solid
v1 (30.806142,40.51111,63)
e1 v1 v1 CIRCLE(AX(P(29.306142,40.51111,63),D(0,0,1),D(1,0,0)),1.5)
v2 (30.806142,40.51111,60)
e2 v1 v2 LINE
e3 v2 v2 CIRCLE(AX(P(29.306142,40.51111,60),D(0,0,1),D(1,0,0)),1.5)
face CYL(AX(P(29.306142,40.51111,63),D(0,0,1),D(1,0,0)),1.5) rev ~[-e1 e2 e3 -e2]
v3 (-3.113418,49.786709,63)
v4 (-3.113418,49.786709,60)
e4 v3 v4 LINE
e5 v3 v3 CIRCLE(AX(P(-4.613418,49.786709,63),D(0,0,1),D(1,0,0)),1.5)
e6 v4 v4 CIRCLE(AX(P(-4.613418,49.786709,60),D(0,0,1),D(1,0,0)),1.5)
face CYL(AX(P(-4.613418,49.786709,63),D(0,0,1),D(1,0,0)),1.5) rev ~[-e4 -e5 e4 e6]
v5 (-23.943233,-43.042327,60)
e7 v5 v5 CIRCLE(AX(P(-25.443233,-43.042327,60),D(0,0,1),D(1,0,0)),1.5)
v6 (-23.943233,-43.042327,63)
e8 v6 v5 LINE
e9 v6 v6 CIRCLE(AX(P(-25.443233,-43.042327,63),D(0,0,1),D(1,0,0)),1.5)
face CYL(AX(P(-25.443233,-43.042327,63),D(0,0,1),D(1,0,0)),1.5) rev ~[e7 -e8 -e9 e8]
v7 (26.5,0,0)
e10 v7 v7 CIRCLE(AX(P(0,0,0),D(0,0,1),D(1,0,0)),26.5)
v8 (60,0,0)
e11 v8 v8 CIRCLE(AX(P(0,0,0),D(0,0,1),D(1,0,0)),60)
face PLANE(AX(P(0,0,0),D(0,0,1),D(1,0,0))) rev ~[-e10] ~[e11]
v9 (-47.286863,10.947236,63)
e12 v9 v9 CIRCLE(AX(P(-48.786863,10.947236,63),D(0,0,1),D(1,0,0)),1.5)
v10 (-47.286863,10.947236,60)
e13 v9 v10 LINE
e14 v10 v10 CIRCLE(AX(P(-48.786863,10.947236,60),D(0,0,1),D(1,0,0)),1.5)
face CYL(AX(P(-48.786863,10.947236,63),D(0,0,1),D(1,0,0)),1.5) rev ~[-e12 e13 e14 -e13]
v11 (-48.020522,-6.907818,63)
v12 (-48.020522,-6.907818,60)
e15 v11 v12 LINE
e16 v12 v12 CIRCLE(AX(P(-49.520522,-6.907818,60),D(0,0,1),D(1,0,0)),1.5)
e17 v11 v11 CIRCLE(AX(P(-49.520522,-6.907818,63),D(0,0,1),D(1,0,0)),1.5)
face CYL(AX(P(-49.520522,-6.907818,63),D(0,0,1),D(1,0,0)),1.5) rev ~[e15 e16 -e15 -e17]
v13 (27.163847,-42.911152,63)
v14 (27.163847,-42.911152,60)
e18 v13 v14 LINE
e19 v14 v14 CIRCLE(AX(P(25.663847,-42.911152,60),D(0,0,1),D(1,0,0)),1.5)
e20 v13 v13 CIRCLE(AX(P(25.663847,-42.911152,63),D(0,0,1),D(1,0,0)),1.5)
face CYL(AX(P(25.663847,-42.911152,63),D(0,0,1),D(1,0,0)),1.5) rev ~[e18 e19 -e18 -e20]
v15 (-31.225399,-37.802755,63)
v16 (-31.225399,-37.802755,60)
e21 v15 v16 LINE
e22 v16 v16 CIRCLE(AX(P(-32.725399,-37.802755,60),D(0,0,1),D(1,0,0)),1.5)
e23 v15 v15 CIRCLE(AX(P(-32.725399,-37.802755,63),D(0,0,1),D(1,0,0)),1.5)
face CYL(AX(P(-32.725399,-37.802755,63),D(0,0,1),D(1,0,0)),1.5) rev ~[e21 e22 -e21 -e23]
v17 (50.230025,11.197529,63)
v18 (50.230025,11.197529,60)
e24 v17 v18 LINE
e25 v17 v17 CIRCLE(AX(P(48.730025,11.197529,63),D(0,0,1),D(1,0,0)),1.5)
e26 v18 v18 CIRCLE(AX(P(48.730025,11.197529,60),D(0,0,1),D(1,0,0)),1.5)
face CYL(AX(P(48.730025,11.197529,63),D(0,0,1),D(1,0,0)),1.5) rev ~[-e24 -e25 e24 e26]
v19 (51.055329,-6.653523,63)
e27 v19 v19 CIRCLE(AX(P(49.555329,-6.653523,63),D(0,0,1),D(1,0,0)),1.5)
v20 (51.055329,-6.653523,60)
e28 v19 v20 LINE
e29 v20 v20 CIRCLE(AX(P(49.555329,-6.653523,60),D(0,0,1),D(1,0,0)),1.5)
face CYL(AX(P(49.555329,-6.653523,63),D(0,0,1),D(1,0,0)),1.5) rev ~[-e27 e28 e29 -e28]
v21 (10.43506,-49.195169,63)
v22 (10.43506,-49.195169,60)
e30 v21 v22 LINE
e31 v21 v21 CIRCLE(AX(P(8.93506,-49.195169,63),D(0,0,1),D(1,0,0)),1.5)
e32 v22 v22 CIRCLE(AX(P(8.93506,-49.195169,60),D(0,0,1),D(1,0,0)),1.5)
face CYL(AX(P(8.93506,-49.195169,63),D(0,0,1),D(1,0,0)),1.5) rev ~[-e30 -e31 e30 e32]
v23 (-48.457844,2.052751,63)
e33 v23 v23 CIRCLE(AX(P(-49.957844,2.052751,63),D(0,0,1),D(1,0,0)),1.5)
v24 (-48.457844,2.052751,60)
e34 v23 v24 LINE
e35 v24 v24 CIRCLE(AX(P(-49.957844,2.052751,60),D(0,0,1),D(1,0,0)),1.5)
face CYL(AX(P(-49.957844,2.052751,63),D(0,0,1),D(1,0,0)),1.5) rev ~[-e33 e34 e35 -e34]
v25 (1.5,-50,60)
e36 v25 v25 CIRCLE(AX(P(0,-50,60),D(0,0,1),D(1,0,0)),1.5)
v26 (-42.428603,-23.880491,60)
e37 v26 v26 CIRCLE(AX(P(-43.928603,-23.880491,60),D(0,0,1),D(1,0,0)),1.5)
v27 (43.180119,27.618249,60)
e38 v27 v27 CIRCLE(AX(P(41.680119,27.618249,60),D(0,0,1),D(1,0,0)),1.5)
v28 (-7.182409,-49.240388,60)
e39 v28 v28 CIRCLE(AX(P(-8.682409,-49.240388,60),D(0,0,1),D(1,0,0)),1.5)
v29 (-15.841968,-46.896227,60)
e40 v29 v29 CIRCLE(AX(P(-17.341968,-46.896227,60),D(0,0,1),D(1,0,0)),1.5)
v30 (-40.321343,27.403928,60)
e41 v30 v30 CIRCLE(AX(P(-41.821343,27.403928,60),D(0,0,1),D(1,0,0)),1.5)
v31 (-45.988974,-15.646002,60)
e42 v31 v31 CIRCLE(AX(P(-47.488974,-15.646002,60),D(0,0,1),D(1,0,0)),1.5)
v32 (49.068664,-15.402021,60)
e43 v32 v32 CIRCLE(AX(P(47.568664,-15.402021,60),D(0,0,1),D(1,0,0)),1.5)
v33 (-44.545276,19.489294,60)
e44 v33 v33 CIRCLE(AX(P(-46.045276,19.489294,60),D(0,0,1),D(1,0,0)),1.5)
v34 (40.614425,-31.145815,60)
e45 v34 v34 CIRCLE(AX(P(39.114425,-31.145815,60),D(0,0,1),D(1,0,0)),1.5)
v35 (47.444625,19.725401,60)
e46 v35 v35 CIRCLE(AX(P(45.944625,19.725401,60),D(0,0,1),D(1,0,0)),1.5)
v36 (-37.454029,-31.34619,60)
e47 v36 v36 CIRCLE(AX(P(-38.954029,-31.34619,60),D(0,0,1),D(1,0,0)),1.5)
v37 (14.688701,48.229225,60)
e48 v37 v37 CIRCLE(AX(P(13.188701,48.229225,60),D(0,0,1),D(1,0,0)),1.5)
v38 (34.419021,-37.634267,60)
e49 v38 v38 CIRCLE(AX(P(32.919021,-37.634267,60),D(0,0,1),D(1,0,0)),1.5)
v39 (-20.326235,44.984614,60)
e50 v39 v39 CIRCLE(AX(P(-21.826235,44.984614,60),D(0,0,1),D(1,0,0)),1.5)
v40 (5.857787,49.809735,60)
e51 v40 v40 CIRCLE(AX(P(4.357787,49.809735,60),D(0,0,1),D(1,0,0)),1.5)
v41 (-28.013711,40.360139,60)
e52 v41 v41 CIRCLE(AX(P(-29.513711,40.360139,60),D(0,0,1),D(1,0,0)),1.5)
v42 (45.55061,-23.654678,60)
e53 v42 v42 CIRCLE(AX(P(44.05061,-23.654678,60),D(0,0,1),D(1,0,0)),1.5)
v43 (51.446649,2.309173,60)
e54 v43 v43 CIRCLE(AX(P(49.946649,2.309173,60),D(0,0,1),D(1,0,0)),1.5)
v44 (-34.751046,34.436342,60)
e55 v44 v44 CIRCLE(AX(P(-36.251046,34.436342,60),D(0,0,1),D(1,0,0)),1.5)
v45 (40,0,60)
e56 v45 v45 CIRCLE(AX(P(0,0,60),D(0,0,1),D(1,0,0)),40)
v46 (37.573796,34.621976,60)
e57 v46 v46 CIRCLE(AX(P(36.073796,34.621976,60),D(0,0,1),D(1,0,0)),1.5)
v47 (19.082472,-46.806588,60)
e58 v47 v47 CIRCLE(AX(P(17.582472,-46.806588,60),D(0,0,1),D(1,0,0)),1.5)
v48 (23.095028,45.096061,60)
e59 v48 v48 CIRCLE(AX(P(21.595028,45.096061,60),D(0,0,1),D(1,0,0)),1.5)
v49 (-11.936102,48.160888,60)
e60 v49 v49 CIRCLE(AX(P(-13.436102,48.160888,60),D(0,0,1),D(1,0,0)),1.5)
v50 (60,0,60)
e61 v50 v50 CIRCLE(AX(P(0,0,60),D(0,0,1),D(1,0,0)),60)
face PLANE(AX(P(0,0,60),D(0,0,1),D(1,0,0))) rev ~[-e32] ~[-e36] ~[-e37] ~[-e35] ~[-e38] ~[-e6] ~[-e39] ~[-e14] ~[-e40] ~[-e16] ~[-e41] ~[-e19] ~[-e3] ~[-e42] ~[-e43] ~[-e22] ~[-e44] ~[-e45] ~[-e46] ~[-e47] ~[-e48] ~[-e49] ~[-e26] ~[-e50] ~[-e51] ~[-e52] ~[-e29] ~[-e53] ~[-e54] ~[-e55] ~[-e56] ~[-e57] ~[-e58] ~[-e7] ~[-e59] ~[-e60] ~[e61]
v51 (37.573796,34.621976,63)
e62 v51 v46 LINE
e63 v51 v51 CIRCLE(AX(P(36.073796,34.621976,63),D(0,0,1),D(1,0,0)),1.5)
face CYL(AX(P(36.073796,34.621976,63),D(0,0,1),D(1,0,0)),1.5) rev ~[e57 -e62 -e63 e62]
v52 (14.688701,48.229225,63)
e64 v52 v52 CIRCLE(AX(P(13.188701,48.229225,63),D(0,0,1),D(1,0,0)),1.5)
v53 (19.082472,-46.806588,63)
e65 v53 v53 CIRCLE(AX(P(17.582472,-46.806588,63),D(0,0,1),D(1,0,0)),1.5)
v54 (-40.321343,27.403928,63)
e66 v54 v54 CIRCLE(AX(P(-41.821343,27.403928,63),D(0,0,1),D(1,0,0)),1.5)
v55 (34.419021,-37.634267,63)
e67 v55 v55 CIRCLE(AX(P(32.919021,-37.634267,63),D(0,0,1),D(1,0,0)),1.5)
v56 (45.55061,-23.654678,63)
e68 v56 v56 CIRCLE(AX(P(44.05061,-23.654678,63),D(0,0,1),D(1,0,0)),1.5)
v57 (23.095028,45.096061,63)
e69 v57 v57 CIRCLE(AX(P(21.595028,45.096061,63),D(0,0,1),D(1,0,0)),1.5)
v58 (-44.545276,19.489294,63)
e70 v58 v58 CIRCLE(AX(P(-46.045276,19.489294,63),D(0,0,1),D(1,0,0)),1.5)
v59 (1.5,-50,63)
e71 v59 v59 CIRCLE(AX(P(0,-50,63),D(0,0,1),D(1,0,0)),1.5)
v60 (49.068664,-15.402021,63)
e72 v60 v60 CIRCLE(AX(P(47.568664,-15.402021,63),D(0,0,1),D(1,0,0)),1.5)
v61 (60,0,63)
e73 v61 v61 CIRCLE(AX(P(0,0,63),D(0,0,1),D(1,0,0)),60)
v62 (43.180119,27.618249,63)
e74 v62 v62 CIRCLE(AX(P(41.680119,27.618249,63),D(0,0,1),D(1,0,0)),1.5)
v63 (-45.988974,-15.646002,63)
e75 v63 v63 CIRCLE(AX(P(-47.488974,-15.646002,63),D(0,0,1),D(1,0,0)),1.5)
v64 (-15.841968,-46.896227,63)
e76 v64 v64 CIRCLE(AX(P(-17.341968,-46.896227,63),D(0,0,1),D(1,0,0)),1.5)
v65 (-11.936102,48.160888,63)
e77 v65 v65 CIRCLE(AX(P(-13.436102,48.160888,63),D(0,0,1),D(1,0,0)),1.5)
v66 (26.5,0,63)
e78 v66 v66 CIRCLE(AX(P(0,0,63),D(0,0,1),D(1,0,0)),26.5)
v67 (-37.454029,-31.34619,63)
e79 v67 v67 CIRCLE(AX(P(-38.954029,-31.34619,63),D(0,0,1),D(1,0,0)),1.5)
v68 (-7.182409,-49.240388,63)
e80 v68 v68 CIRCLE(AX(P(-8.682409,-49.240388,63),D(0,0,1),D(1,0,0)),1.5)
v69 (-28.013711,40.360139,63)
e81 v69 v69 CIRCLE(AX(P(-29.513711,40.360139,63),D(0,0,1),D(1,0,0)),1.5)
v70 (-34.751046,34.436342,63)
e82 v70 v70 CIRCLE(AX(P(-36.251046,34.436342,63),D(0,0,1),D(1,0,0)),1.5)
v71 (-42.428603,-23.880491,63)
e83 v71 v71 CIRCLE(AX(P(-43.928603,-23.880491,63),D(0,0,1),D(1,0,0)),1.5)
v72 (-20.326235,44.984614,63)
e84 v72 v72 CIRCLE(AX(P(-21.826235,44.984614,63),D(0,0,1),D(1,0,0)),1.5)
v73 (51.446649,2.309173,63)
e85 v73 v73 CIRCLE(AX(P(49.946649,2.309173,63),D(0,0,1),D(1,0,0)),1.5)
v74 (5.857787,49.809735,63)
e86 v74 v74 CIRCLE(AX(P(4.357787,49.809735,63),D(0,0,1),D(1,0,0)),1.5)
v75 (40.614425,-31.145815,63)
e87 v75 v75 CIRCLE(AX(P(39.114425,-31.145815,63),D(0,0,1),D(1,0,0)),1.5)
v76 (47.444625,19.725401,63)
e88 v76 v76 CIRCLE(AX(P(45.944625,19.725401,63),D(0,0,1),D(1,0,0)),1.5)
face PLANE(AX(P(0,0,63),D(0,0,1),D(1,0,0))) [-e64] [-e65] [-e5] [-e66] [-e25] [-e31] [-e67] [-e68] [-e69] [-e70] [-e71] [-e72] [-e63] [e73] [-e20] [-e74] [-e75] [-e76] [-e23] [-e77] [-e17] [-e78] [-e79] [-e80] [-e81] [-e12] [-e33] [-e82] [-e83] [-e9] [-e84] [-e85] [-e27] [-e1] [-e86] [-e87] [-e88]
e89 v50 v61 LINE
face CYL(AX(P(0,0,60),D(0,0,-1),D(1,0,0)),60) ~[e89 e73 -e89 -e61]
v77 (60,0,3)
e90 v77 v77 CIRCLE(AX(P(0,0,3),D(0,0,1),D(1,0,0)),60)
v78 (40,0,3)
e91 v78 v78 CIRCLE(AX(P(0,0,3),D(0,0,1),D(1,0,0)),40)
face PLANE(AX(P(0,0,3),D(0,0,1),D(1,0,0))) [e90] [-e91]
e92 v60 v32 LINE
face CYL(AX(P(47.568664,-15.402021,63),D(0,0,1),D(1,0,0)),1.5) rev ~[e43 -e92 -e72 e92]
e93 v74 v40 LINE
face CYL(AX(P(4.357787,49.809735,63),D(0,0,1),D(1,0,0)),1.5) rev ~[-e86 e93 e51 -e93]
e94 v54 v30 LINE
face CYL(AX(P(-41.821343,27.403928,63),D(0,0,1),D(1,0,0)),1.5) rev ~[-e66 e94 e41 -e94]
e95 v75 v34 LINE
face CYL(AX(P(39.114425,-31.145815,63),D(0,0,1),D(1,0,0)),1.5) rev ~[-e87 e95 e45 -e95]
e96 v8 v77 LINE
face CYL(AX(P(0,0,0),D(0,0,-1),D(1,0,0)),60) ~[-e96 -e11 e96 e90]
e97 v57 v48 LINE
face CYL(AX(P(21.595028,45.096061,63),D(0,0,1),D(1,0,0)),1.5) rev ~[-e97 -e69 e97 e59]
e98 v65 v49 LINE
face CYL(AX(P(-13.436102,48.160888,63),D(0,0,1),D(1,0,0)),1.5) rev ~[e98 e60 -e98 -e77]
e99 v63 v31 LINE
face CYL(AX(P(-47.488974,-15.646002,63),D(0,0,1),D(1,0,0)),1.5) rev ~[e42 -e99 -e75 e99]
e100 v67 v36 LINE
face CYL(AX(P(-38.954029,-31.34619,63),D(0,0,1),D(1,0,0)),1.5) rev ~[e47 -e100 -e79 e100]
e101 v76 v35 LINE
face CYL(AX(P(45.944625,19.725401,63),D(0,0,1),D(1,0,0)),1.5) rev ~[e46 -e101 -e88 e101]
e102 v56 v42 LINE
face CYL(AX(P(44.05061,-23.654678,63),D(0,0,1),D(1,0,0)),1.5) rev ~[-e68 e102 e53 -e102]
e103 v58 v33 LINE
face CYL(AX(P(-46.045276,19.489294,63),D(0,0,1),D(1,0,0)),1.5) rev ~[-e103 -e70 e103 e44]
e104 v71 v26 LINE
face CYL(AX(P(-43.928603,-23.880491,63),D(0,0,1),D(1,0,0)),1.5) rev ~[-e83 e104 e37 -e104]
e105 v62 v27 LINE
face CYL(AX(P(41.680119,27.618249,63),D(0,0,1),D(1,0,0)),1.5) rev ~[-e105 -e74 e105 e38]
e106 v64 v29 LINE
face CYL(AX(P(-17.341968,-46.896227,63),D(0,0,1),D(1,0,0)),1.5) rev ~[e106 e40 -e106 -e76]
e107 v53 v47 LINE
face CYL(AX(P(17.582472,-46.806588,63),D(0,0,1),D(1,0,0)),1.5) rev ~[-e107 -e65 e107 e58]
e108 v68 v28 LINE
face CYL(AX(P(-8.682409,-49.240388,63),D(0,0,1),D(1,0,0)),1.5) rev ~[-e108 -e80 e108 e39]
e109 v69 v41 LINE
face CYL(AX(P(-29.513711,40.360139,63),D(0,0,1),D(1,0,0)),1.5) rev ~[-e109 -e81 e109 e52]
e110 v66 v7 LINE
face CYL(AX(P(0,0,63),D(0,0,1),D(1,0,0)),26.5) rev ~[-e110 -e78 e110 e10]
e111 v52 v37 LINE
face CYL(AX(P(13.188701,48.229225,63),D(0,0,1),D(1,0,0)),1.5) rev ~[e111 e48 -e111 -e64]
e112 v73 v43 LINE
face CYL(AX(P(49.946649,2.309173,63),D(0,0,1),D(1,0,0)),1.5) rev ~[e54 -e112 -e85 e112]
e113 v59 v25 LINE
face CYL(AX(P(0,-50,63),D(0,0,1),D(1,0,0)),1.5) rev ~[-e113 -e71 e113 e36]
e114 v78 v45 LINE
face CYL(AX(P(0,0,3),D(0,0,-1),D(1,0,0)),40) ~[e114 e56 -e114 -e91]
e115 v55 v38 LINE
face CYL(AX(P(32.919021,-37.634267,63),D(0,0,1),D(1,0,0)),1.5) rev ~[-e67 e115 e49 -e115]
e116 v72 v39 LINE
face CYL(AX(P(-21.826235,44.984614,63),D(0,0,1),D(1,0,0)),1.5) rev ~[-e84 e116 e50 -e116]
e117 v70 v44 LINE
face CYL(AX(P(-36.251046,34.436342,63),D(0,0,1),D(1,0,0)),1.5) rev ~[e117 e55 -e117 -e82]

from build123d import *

# Parameters (mm, degrees)
F0_R     = 60
F1_DEPTH = 3
F2_R     = 40
F3_DEPTH = 57
F4_R     = 60
F4_R_2   = 40
F5_DEPTH = 3
F6_R     = 26.5
F7_DEPTH = 63
F8_R     = 1.5
F9_DEPTH = 25


with BuildPart() as f1:
    # F0 (on Top) → F1 (new body)
    with BuildSketch(Plane.XY):
        Circle(F0_R)
    extrude(amount=F1_DEPTH)

    # F2 (on face) → F3 (join)
    with BuildSketch(Plane.XY.offset(3)):
        Circle(F2_R)
    extrude(amount=F3_DEPTH)

    # F4 (on face) → F5 (join)
    with BuildSketch(Plane.XY.offset(60)):
        Circle(F4_R)
        Circle(F4_R_2, mode=Mode.SUBTRACT)
        Circle(F4_R_2)
    extrude(amount=F5_DEPTH)

    # F6 (on face) → F7 (cut)
    with BuildSketch(Plane.XY.offset(63)):
        Circle(F6_R)
    extrude(amount=-F7_DEPTH, mode=Mode.SUBTRACT)

    # F8 (on face) → F9 (cut)
    with BuildSketch(Plane.XY.offset(63)):
        with Locations((-49.5205215438, -6.9078177476)):
            Circle(F8_R)
        with Locations((-49.9578443444, 2.0527514366)):
            Circle(F8_R)
        with Locations((-48.7868632446, 10.9472359411)):
            Circle(F8_R)
        with Locations((-47.4889736721, -15.6460020316)):
            Circle(F8_R)
        with Locations((-43.928602798, -23.8804911217)):
            Circle(F8_R)
        with Locations((-38.9540287263, -31.3461902947)):
            Circle(F8_R)
        with Locations((-32.7253990171, -37.8027546506)):
            Circle(F8_R)
        with Locations((-25.4432333202, -43.0423265892)):
            Circle(F8_R)
        with Locations((-17.341968002, -46.8962274156)):
            Circle(F8_R)
        with Locations((-8.6824088833, -49.2403876506)):
            Circle(F8_R)
        with Locations((0, -50)):
            Circle(F8_R)
        with Locations((8.9350601107, -49.1951694866)):
            Circle(F8_R)
        with Locations((17.5824718607, -46.8065880328)):
            Circle(F8_R)
        with Locations((25.6638472166, -42.9111517679)):
            Circle(F8_R)
        with Locations((32.9190206792, -37.6342673307)):
            Circle(F8_R)
        with Locations((44.0506097143, -23.6546778418)):
            Circle(F8_R)
        with Locations((47.568663586, -15.4020207974)):
            Circle(F8_R)
        with Locations((49.5553289803, -6.6535231008)):
            Circle(F8_R)
        with Locations((39.1144248494, -31.1458146258)):
            Circle(F8_R)
        with Locations((49.9466487401, 2.3091729323)):
            Circle(F8_R)
        with Locations((48.7300250221, 11.1975292519)):
            Circle(F8_R)
        with Locations((45.9446248618, 19.7254010429)):
            Circle(F8_R)
        with Locations((41.6801192611, 27.618248648)):
            Circle(F8_R)
        with Locations((36.073796389, 34.6219758836)):
            Circle(F8_R)
        with Locations((21.5950281924, 45.0960614396)):
            Circle(F8_R)
        with Locations((29.3061418343, 40.5111102142)):
            Circle(F8_R)
        with Locations((13.1887010456, 48.2292252139)):
            Circle(F8_R)
        with Locations((-13.4361023015, 48.1608882284)):
            Circle(F8_R)
        with Locations((-4.6134179732, 49.7867088148)):
            Circle(F8_R)
        with Locations((4.3577871374, 49.8097349046)):
            Circle(F8_R)
        with Locations((-29.513711345, 40.3601392793)):
            Circle(F8_R)
        with Locations((-21.8262352253, 44.9846135461)):
            Circle(F8_R)
        with Locations((-36.2510460467, 34.4363421478)):
            Circle(F8_R)
        with Locations((-41.8213428283, 27.4039282592)):
            Circle(F8_R)
        with Locations((-46.0452758972, 19.4892936646)):
            Circle(F8_R)
    extrude(amount=-F9_DEPTH, mode=Mode.SUBTRACT)


solid = f1.part
